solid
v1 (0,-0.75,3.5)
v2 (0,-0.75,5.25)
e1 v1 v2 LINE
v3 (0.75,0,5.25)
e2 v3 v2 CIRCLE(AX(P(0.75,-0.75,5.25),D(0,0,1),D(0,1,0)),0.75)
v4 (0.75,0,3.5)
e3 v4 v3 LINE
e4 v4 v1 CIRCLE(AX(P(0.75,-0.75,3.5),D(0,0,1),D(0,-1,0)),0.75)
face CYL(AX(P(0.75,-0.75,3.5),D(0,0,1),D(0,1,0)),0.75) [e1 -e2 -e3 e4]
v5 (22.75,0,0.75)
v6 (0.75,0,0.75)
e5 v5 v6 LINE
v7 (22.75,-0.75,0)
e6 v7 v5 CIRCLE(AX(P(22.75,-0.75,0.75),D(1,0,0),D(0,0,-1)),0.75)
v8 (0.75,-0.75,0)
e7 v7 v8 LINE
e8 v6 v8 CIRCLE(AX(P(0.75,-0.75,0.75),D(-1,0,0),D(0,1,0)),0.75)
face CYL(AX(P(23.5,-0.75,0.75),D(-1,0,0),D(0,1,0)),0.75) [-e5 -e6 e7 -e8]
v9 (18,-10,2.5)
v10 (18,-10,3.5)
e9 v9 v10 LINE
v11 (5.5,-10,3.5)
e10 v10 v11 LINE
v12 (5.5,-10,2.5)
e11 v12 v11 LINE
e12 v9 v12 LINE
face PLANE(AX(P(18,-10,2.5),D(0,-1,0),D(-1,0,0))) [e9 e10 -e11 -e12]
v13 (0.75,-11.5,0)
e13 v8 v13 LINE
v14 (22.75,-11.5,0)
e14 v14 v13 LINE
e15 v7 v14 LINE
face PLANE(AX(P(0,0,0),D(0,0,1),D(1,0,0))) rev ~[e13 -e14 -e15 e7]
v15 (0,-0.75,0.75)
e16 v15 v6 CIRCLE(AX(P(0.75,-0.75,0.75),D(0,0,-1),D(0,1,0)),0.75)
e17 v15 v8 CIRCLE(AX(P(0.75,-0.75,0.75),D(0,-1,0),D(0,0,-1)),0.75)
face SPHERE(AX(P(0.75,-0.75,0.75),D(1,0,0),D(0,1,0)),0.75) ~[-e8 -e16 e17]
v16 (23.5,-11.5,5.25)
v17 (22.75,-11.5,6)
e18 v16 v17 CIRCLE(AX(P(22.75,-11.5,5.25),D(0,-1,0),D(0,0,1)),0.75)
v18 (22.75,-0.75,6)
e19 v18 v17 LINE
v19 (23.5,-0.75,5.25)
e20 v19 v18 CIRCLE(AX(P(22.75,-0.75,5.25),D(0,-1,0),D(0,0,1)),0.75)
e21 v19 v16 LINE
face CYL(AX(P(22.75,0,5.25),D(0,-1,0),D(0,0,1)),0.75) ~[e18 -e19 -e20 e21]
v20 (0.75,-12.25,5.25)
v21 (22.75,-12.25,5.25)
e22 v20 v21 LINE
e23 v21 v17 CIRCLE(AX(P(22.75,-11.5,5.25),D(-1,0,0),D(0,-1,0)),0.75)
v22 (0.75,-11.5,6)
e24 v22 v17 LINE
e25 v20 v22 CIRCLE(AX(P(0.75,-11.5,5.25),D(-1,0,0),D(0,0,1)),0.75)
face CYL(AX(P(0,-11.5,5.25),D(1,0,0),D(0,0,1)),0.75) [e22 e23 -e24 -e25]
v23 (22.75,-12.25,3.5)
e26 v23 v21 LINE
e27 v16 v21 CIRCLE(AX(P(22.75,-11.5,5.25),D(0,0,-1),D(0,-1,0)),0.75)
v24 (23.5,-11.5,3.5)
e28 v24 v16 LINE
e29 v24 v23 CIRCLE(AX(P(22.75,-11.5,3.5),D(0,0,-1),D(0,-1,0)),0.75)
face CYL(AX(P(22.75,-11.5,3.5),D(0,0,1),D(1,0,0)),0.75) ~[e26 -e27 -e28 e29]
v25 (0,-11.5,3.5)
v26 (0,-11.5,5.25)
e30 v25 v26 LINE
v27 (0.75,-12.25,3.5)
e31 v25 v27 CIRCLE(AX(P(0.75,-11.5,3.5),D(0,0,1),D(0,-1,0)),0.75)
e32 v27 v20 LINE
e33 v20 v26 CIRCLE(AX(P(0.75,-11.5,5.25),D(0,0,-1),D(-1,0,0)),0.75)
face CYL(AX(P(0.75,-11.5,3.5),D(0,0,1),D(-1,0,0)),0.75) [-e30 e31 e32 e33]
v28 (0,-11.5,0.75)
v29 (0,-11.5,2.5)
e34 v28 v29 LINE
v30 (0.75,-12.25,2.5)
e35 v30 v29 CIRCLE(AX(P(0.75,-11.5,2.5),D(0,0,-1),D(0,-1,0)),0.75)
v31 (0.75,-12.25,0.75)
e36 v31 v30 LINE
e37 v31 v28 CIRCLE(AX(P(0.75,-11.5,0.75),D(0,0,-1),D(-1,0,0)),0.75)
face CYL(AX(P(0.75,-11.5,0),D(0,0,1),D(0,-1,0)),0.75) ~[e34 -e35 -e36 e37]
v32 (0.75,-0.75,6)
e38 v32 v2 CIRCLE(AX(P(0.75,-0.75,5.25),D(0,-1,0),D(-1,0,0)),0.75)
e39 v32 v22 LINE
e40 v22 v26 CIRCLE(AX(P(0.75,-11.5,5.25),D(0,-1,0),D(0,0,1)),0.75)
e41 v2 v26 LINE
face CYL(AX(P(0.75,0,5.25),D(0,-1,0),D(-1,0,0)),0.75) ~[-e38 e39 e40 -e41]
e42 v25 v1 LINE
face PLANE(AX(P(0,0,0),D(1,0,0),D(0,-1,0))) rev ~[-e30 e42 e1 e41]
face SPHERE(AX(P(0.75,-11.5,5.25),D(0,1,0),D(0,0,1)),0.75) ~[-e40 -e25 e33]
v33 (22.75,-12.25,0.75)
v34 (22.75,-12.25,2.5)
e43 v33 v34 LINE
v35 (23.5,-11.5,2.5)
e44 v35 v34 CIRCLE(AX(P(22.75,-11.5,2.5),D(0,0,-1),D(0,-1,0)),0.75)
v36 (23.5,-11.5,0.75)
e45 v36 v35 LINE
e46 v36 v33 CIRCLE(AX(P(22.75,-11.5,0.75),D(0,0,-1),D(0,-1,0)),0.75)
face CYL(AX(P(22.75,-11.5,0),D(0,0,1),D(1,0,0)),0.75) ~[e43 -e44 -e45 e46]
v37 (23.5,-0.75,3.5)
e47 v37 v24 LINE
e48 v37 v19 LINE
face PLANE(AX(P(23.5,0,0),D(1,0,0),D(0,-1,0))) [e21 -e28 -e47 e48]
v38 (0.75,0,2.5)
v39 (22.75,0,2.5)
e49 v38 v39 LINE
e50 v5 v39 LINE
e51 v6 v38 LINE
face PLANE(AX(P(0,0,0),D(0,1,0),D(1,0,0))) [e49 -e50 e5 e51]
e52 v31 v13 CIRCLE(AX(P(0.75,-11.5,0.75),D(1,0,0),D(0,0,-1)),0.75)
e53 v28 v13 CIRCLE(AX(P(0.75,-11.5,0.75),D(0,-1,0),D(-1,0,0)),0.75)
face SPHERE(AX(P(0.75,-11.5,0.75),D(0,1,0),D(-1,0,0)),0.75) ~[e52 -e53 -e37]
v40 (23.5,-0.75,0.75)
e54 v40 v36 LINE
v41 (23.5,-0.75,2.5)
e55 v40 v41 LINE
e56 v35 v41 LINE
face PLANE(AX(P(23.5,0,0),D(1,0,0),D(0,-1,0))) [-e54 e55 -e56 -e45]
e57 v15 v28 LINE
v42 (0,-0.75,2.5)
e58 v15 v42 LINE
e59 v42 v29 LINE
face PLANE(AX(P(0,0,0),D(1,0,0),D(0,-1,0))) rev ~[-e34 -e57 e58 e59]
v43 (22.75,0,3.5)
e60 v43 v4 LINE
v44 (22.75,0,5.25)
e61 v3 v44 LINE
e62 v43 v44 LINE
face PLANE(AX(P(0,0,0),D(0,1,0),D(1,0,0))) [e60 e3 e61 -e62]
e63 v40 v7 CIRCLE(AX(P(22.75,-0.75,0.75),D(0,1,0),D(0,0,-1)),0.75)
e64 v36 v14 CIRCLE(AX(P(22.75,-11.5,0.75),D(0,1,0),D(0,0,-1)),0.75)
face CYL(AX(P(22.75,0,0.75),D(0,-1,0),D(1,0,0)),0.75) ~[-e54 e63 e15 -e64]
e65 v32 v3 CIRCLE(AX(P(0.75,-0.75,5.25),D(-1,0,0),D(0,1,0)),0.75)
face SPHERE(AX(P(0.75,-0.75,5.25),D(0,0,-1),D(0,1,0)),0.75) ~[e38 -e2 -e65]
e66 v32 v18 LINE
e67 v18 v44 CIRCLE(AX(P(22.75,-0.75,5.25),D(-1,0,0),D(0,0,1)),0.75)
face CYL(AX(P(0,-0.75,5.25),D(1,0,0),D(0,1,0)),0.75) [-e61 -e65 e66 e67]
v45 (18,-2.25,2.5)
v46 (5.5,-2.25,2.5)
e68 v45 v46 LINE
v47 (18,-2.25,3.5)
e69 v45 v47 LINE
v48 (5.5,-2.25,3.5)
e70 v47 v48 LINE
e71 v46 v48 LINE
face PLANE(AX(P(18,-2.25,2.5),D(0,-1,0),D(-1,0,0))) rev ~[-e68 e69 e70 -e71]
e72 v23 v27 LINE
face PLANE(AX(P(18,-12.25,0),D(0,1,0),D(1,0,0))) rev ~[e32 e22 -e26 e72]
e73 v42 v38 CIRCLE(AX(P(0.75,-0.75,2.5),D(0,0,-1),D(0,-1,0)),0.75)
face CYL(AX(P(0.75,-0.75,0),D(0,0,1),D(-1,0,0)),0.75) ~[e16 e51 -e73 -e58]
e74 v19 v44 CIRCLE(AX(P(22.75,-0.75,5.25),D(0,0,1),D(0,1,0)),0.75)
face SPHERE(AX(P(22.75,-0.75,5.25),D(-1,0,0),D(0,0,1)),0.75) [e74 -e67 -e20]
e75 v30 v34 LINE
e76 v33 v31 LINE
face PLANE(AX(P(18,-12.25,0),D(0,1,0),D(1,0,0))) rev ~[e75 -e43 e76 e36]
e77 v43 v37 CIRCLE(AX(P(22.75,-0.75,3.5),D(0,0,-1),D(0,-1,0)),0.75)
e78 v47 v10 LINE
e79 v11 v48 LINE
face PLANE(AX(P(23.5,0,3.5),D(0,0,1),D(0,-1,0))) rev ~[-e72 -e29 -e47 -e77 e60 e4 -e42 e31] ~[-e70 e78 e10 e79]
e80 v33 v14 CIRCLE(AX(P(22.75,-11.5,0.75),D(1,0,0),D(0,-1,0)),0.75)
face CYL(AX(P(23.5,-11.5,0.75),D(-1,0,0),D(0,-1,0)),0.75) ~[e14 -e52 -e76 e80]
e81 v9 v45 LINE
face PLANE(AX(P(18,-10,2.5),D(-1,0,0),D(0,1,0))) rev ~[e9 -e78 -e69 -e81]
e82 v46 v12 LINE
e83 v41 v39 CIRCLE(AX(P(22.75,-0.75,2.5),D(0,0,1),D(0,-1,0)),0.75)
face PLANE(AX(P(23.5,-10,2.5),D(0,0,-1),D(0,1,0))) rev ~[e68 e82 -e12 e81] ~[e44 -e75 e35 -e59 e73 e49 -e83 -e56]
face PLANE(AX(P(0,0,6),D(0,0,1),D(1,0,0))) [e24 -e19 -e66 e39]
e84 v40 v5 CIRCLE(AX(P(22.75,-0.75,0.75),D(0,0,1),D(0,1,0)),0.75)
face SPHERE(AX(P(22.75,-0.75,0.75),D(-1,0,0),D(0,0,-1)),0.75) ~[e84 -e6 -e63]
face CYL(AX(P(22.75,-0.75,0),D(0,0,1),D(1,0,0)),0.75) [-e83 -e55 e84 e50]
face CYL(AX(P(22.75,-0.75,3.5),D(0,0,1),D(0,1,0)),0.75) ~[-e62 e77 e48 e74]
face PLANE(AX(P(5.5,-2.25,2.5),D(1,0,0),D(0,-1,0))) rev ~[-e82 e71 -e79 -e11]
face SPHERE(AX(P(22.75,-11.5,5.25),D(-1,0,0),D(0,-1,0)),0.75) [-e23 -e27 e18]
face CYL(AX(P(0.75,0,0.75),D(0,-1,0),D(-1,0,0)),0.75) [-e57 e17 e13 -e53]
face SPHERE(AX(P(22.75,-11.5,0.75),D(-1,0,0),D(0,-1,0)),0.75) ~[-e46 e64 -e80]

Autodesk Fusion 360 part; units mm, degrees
sketch "Sketch1" plane through (0, 0, 0) normal (0, 0, 1) x (1, 0, 0)
  line L0 (0, 0) -> (23.5, 0)
  line L1 (0, 0) -> (0, -12.25)
  line L2 (0, -12.25) -> (23.5, -12.25)
  line L3 (23.5, 0) -> (23.5, -12.25)
  line L4 (0, 0) -> (5.5, 0)
  line L5 (23.5, -12.25) -> (18, -12.25)
  line L6 (18, -10) -> (5.5, -10)
  line L7 (5.5, -10) -> (5.5, -2.25)
  line L8 (5.5, -2.25) -> (18, -2.25)
  line L9 (18, -2.25) -> (18, -10)
  dimension "d1" = 23.5
  dimension "d2" = 12.25
  dimension "d3" = 5.5
  dimension "d4" = 2.25
  dimension "d5" = 5.5
  dimension "d6" = 2.25
extrude "Extrude1" add sketch "Sketch1" along normal blind 6 contours L6 L7 L8 L9 makes body 1
extrude "Extrude2" add sketch "Sketch1" along normal blind 6 separate body makes body 2
sketch "Sketch2" plane through (23.5, 0, 0) normal (1, 0, 0) x (0, 1, 0)
  line L0 (-12.25, 0) -> (0, 0)
  line L1 (0, 0) -> (0, 6)
  line L2 (0, 6) -> (-12.25, 6)
  line L3 (-12.25, 6) -> (-12.25, 0)
  line L4 (0, 3.5) -> (-2.25, 3.5)
  line L5 (-12.25, 2.5) -> (-10, 2.5)
  line L6 (-12.25, 2.5) -> (0, 2.5)
  line L7 (0, 2.5) -> (0, 3.5)
  line L8 (0, 3.5) -> (-12.25, 3.5)
  line L9 (-12.25, 3.5) -> (-12.25, 2.5)
  dimension "d12" = 2.25
  dimension "d13" = 2.5
  dimension "d14" = 2.25
extrude "Extrude3" cut sketch "Sketch2" against normal blind 29 contours L1 L3 L4 L5 L6 L7 L8 L9 bodies 1 2 makes body 4 at (1.8333, -4.8333, 3.5) makes body 3 at (9.6667, -4.8333, 3.5)
extrude "Extrude4" add 1 faces at (13.8333, -7.4167, 2.5) along direction (0, 0, 1) blind 2 on bodies 1 bodies 1 2 3 4
fillet "Fillet1" radius 0.75 16 edges at (0, 0, 4.75) (11.75, 0, 6) (0, -6.125, 6) (11.75, -12.25, 6) (0, -12.25, 4.75) (23.5, -12.25, 4.75) (23.5, -6.125, 6) (23.5, 0, 4.75) (11.75, 0, 0) (0, 0, 1.25) (0, -6.125, 0) (0, -12.25, 1.25) (11.75, -12.25, 0) (23.5, -12.25, 1.25) (23.5, -6.125, 0) (23.5, 0, 1.25) on bodies 1
